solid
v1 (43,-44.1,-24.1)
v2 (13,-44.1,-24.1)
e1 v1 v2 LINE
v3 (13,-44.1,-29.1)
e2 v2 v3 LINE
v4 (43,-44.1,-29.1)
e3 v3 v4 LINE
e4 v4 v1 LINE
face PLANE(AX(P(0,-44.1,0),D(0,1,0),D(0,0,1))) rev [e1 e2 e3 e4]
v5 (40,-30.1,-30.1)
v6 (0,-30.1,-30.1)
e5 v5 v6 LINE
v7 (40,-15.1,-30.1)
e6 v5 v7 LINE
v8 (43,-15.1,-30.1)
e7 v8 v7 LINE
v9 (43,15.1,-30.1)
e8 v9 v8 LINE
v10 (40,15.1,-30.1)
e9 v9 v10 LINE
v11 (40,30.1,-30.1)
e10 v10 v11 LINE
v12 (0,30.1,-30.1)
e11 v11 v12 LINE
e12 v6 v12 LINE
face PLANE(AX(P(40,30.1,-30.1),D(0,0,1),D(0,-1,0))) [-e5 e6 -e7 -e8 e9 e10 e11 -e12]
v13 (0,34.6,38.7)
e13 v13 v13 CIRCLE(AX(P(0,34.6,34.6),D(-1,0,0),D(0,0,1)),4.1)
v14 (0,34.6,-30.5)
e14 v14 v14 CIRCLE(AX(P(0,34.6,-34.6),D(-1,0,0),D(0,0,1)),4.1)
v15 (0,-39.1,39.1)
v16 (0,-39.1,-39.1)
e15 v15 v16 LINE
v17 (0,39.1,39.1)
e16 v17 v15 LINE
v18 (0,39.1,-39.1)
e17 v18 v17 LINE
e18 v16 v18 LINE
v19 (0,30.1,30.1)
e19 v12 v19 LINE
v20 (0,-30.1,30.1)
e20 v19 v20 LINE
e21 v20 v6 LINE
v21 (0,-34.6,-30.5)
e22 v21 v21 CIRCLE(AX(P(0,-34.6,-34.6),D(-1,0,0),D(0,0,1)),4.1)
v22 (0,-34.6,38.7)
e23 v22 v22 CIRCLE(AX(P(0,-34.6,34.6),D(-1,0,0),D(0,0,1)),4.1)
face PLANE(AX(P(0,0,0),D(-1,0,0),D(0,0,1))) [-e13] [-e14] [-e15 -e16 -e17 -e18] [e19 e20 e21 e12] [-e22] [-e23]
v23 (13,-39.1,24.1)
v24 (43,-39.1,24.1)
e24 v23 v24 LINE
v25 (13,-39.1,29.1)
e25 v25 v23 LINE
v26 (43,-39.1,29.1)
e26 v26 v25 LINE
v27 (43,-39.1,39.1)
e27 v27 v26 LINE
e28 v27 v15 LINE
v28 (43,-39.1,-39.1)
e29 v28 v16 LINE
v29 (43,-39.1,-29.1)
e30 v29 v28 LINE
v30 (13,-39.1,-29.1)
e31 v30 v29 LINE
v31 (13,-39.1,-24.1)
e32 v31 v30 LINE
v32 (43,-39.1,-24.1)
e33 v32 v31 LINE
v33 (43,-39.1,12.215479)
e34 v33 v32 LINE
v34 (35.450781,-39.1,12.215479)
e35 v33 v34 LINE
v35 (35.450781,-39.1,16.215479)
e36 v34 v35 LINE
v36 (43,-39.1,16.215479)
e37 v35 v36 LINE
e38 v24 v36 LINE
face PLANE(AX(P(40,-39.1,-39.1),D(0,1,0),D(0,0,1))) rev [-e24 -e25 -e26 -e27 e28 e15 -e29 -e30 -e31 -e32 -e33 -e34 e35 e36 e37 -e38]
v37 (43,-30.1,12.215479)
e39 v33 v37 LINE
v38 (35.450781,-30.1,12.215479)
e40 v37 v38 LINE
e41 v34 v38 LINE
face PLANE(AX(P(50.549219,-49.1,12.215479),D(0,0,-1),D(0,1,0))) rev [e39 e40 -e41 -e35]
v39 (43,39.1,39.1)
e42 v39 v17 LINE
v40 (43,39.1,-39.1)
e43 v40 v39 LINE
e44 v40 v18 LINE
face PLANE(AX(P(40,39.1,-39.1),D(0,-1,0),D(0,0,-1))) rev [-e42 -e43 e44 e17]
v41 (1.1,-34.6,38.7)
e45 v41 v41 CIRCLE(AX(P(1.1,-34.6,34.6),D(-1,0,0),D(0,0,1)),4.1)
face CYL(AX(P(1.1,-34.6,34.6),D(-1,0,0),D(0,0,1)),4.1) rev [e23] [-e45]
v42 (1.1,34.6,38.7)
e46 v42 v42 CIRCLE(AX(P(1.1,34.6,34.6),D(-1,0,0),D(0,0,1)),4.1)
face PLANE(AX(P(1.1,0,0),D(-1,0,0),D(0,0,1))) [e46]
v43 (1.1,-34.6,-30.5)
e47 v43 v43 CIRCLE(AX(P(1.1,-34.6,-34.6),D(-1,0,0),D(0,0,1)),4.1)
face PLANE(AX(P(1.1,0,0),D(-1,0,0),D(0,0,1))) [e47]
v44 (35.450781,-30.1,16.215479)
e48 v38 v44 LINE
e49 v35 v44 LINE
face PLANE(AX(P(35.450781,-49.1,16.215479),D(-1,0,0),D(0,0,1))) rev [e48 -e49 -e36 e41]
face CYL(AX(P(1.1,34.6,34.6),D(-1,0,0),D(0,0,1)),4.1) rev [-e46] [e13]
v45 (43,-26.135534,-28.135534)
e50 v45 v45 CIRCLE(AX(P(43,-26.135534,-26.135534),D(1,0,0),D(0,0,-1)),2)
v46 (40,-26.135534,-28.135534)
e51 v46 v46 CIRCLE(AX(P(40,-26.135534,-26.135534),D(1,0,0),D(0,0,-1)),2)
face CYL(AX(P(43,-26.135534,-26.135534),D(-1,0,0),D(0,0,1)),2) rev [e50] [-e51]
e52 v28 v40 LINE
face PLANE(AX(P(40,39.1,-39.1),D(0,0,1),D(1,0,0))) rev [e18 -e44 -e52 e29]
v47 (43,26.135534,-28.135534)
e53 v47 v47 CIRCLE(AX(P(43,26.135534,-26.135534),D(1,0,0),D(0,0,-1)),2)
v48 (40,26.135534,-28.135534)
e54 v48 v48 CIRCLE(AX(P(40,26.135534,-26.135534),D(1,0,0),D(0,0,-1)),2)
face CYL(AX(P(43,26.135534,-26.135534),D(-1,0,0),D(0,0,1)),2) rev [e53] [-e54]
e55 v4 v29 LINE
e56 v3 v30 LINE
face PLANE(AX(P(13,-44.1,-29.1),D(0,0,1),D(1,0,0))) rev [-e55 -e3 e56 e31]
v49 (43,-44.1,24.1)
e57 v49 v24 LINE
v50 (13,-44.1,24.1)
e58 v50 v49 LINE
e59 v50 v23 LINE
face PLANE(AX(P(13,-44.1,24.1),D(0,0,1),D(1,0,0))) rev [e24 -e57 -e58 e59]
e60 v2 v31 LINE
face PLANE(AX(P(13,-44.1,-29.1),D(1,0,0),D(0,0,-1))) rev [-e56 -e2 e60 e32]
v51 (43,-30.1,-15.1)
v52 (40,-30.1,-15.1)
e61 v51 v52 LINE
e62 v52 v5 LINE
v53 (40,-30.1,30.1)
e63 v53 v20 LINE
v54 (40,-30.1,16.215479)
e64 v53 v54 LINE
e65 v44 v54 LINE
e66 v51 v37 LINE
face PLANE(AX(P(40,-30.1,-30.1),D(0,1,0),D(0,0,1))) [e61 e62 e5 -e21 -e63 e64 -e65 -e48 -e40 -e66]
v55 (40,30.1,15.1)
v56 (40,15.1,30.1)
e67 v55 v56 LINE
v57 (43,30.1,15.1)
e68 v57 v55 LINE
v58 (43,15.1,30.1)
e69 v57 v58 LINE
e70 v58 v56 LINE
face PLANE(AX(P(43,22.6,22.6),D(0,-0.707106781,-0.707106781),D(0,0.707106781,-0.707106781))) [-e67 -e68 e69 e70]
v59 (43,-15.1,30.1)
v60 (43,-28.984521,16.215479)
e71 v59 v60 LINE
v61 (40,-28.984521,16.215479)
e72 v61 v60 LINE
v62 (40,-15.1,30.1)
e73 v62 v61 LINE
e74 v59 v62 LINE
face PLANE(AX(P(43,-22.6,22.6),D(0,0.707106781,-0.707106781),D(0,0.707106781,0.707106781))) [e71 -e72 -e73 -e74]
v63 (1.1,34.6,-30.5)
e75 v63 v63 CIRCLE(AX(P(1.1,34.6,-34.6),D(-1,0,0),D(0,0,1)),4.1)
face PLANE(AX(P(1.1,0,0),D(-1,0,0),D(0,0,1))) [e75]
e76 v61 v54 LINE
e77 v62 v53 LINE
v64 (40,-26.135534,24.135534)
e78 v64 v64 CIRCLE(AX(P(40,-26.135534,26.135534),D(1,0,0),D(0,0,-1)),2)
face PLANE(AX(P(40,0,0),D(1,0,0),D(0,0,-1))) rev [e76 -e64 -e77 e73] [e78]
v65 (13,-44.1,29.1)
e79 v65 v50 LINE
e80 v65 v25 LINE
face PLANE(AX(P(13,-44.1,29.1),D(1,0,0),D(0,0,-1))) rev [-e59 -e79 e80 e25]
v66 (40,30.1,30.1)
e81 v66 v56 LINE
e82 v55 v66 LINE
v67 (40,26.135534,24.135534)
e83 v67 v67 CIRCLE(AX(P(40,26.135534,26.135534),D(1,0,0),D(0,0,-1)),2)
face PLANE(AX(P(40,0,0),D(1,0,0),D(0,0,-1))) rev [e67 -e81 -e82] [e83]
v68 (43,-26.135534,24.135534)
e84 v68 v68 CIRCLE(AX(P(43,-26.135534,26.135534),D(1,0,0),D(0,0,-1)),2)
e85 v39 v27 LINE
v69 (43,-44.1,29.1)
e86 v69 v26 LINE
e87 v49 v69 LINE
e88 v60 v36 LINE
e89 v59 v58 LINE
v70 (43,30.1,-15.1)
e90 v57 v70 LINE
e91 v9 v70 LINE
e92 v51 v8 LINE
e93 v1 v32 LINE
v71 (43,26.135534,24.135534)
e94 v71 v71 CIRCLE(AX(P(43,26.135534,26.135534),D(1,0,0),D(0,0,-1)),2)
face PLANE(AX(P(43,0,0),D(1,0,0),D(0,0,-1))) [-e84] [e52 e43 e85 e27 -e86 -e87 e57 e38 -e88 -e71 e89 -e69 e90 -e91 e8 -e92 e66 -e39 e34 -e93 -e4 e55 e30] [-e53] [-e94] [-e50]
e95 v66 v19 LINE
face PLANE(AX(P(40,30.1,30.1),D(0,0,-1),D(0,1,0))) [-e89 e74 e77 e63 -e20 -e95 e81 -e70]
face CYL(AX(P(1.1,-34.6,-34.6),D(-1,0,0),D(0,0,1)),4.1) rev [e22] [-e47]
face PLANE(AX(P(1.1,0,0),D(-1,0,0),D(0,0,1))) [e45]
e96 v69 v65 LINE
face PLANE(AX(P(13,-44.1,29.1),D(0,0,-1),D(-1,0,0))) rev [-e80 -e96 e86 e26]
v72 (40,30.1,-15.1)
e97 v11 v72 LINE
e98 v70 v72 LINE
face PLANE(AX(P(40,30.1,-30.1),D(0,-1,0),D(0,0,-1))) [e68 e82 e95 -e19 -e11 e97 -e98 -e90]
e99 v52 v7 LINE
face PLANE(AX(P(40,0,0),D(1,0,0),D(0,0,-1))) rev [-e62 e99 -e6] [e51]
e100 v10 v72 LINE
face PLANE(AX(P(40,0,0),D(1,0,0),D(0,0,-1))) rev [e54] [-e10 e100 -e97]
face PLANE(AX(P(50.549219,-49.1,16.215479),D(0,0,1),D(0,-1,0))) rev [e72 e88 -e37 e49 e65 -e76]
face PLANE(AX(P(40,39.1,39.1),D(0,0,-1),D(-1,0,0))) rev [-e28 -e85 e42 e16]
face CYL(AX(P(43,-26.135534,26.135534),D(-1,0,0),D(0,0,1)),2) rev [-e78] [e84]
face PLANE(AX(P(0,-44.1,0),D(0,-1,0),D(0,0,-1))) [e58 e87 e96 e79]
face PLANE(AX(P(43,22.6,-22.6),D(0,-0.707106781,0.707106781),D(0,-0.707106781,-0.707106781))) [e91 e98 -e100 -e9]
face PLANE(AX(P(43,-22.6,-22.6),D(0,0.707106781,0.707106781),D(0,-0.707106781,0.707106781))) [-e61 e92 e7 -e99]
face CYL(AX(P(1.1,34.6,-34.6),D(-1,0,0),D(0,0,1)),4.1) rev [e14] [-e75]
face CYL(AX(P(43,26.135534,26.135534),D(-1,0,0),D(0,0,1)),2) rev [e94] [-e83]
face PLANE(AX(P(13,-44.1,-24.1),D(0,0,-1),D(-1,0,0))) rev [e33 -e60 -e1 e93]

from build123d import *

# Parameters (mm, degrees)
SKETCH1_W           = 78.2
SKETCH1_H           = 78.2
SKETCH1_W_2         = 60.2
SKETCH1_H_2         = 60.2
BOSS_EXTRUDE1_DEPTH = 40
SKETCH2_W           = 78.2
SKETCH2_H           = 78.2
SKETCH2_R           = 2
BOSS_EXTRUDE2_DEPTH = 3
SKETCH3_W           = 15.098438038
SKETCH3_H           = 4
CUT_EXTRUDE1_DEPTH  = 19
SKETCH4_R           = 4.1
CUT_EXTRUDE2_DEPTH  = 1.1
SKETCH5_W           = 30
SKETCH5_H           = 5
BOSS_EXTRUDE3_DEPTH = 5


with BuildPart() as part:
    # Sketch1 → Boss-Extrude1 (new body)
    with BuildSketch(Plane(origin=(0, 0, 0), x_dir=(0, 0, -1), z_dir=(1, 0, 0))):
        Rectangle(SKETCH1_W, SKETCH1_H)
        Rectangle(SKETCH1_W_2, SKETCH1_H_2, mode=Mode.SUBTRACT)
    extrude(amount=BOSS_EXTRUDE1_DEPTH)

    # Sketch2 → Boss-Extrude2 (add)
    # profile 1 of 6: a face of its own
    with BuildSketch(Plane(origin=(40, 0, 0), x_dir=(0, 0, -1), z_dir=(1, 0, 0))):
        Rectangle(SKETCH2_W, SKETCH2_H)
        Polygon((-30.1, 15.1), (-30.1, 30.1), (-15.1, 30.1), (15.1, 30.1), (30.1, 30.1), (30.1, 15.1), (30.1, -15.1), (30.1, -30.1), (15.1, -30.1), (-15.1, -30.1), (-30.1, -30.1), (-30.1, -15.1), align=None, mode=Mode.SUBTRACT)
    # profile 2 of 6: a face of its own
    with BuildSketch(Plane(origin=(40, 0, 0), x_dir=(0, 0, -1), z_dir=(1, 0, 0))):
        Polygon((-15.1, -30.1), (-30.1, -15.1), (-30.1, -30.1), align=None)
        with Locations((-26.135533906, -26.135533906)):
            Circle(SKETCH2_R, mode=Mode.SUBTRACT)
    # profile 3 of 6: a face of its own
    with BuildSketch(Plane(origin=(40, 0, 0), x_dir=(0, 0, -1), z_dir=(1, 0, 0))):
        Polygon((30.1, -15.1), (15.1, -30.1), (30.1, -30.1), align=None)
        with Locations((26.135533906, -26.135533906)):
            Circle(SKETCH2_R, mode=Mode.SUBTRACT)
    # profile 4 of 6: a face of its own
    with BuildSketch(Plane(origin=(40, 0, 0), x_dir=(0, 0, -1), z_dir=(1, 0, 0))):
        Polygon((30.1, 30.1), (15.1, 30.1), (30.1, 15.1), align=None)
        with Locations((26.135533906, 26.135533906)):
            Circle(SKETCH2_R, mode=Mode.SUBTRACT)
    # profile 5 of 6: a face of its own
    with BuildSketch(Plane(origin=(40, 0, 0), x_dir=(0, 0, -1), z_dir=(1, 0, 0))):
        with BuildLine():
            Line((-15.1, 30.1), (-30.1, 30.1))
            Line((-30.1, 30.1), (-27.549747468, 27.549747468))
            ThreePointArc((-27.549747468, 27.549747468), (-25.370167041, 27.983292971), (-24.135533906, 26.135533906))
            ThreePointArc((-24.135533906, 26.135533906), (-24.287774841, 25.370167041), (-24.721320344, 24.721320344))
            Line((-24.721320344, 24.721320344), (-22.6, 22.6))
            Line((-22.6, 22.6), (-15.1, 30.1))
        make_face()
    # profile 6 of 6: a face of its own
    with BuildSketch(Plane(origin=(40, 0, 0), x_dir=(0, 0, -1), z_dir=(1, 0, 0))):
        with BuildLine():
            Line((-27.549747468, 27.549747468), (-30.1, 30.1))
            Line((-30.1, 30.1), (-30.1, 15.1))
            Line((-30.1, 15.1), (-22.6, 22.6))
            Line((-22.6, 22.6), (-24.721320344, 24.721320344))
            ThreePointArc((-24.721320344, 24.721320344), (-27.549747468, 24.721320344), (-27.549747468, 27.549747468))
        make_face()
    extrude(amount=BOSS_EXTRUDE2_DEPTH)

    # Sketch3 → Cut-Extrude1 (cut, symmetric)
    with BuildSketch(Plane(origin=(0, -30.1, 0), x_dir=(1, 0, 0), z_dir=(0, 1, 0))):
        with Locations((43, -14.215479316)):
            Rectangle(SKETCH3_W, SKETCH3_H)
    extrude(amount=CUT_EXTRUDE1_DEPTH, both=True, mode=Mode.SUBTRACT)

    # Sketch4 → Cut-Extrude2 (cut, symmetric)
    with BuildSketch(Plane.ZY):
        with Locations((-34.6, 34.6)):
            Circle(SKETCH4_R)
        with Locations((-34.6, -34.6)):
            Circle(SKETCH4_R)
        with Locations((34.6, -34.6)):
            Circle(SKETCH4_R)
        with BuildLine():
            ThreePointArc((37.499137803, 37.499137803), (31.700862197, 37.499137803), (31.700862197, 31.700862197))
            Line((31.700862197, 31.700862197), (37.499137803, 37.499137803))
        make_face()
        with BuildLine():
            Line((37.499137803, 37.499137803), (31.700862197, 31.700862197))
            ThreePointArc((31.700862197, 31.700862197), (36.169002073, 30.812093917), (38.7, 34.6))
            ThreePointArc((38.7, 34.6), (38.387906083, 36.169002073), (37.499137803, 37.499137803))
        make_face()
    extrude(amount=CUT_EXTRUDE2_DEPTH, both=True, mode=Mode.SUBTRACT)

    # Sketch5 → Boss-Extrude3 (add)
    with BuildSketch(Plane.XZ.offset(39.1)):
        with Locations((28, -26.6)):
            Rectangle(SKETCH5_W, SKETCH5_H)
        with Locations((28, 26.6)):
            Rectangle(SKETCH5_W, SKETCH5_H)
    extrude(amount=BOSS_EXTRUDE3_DEPTH)


solid = part.part
